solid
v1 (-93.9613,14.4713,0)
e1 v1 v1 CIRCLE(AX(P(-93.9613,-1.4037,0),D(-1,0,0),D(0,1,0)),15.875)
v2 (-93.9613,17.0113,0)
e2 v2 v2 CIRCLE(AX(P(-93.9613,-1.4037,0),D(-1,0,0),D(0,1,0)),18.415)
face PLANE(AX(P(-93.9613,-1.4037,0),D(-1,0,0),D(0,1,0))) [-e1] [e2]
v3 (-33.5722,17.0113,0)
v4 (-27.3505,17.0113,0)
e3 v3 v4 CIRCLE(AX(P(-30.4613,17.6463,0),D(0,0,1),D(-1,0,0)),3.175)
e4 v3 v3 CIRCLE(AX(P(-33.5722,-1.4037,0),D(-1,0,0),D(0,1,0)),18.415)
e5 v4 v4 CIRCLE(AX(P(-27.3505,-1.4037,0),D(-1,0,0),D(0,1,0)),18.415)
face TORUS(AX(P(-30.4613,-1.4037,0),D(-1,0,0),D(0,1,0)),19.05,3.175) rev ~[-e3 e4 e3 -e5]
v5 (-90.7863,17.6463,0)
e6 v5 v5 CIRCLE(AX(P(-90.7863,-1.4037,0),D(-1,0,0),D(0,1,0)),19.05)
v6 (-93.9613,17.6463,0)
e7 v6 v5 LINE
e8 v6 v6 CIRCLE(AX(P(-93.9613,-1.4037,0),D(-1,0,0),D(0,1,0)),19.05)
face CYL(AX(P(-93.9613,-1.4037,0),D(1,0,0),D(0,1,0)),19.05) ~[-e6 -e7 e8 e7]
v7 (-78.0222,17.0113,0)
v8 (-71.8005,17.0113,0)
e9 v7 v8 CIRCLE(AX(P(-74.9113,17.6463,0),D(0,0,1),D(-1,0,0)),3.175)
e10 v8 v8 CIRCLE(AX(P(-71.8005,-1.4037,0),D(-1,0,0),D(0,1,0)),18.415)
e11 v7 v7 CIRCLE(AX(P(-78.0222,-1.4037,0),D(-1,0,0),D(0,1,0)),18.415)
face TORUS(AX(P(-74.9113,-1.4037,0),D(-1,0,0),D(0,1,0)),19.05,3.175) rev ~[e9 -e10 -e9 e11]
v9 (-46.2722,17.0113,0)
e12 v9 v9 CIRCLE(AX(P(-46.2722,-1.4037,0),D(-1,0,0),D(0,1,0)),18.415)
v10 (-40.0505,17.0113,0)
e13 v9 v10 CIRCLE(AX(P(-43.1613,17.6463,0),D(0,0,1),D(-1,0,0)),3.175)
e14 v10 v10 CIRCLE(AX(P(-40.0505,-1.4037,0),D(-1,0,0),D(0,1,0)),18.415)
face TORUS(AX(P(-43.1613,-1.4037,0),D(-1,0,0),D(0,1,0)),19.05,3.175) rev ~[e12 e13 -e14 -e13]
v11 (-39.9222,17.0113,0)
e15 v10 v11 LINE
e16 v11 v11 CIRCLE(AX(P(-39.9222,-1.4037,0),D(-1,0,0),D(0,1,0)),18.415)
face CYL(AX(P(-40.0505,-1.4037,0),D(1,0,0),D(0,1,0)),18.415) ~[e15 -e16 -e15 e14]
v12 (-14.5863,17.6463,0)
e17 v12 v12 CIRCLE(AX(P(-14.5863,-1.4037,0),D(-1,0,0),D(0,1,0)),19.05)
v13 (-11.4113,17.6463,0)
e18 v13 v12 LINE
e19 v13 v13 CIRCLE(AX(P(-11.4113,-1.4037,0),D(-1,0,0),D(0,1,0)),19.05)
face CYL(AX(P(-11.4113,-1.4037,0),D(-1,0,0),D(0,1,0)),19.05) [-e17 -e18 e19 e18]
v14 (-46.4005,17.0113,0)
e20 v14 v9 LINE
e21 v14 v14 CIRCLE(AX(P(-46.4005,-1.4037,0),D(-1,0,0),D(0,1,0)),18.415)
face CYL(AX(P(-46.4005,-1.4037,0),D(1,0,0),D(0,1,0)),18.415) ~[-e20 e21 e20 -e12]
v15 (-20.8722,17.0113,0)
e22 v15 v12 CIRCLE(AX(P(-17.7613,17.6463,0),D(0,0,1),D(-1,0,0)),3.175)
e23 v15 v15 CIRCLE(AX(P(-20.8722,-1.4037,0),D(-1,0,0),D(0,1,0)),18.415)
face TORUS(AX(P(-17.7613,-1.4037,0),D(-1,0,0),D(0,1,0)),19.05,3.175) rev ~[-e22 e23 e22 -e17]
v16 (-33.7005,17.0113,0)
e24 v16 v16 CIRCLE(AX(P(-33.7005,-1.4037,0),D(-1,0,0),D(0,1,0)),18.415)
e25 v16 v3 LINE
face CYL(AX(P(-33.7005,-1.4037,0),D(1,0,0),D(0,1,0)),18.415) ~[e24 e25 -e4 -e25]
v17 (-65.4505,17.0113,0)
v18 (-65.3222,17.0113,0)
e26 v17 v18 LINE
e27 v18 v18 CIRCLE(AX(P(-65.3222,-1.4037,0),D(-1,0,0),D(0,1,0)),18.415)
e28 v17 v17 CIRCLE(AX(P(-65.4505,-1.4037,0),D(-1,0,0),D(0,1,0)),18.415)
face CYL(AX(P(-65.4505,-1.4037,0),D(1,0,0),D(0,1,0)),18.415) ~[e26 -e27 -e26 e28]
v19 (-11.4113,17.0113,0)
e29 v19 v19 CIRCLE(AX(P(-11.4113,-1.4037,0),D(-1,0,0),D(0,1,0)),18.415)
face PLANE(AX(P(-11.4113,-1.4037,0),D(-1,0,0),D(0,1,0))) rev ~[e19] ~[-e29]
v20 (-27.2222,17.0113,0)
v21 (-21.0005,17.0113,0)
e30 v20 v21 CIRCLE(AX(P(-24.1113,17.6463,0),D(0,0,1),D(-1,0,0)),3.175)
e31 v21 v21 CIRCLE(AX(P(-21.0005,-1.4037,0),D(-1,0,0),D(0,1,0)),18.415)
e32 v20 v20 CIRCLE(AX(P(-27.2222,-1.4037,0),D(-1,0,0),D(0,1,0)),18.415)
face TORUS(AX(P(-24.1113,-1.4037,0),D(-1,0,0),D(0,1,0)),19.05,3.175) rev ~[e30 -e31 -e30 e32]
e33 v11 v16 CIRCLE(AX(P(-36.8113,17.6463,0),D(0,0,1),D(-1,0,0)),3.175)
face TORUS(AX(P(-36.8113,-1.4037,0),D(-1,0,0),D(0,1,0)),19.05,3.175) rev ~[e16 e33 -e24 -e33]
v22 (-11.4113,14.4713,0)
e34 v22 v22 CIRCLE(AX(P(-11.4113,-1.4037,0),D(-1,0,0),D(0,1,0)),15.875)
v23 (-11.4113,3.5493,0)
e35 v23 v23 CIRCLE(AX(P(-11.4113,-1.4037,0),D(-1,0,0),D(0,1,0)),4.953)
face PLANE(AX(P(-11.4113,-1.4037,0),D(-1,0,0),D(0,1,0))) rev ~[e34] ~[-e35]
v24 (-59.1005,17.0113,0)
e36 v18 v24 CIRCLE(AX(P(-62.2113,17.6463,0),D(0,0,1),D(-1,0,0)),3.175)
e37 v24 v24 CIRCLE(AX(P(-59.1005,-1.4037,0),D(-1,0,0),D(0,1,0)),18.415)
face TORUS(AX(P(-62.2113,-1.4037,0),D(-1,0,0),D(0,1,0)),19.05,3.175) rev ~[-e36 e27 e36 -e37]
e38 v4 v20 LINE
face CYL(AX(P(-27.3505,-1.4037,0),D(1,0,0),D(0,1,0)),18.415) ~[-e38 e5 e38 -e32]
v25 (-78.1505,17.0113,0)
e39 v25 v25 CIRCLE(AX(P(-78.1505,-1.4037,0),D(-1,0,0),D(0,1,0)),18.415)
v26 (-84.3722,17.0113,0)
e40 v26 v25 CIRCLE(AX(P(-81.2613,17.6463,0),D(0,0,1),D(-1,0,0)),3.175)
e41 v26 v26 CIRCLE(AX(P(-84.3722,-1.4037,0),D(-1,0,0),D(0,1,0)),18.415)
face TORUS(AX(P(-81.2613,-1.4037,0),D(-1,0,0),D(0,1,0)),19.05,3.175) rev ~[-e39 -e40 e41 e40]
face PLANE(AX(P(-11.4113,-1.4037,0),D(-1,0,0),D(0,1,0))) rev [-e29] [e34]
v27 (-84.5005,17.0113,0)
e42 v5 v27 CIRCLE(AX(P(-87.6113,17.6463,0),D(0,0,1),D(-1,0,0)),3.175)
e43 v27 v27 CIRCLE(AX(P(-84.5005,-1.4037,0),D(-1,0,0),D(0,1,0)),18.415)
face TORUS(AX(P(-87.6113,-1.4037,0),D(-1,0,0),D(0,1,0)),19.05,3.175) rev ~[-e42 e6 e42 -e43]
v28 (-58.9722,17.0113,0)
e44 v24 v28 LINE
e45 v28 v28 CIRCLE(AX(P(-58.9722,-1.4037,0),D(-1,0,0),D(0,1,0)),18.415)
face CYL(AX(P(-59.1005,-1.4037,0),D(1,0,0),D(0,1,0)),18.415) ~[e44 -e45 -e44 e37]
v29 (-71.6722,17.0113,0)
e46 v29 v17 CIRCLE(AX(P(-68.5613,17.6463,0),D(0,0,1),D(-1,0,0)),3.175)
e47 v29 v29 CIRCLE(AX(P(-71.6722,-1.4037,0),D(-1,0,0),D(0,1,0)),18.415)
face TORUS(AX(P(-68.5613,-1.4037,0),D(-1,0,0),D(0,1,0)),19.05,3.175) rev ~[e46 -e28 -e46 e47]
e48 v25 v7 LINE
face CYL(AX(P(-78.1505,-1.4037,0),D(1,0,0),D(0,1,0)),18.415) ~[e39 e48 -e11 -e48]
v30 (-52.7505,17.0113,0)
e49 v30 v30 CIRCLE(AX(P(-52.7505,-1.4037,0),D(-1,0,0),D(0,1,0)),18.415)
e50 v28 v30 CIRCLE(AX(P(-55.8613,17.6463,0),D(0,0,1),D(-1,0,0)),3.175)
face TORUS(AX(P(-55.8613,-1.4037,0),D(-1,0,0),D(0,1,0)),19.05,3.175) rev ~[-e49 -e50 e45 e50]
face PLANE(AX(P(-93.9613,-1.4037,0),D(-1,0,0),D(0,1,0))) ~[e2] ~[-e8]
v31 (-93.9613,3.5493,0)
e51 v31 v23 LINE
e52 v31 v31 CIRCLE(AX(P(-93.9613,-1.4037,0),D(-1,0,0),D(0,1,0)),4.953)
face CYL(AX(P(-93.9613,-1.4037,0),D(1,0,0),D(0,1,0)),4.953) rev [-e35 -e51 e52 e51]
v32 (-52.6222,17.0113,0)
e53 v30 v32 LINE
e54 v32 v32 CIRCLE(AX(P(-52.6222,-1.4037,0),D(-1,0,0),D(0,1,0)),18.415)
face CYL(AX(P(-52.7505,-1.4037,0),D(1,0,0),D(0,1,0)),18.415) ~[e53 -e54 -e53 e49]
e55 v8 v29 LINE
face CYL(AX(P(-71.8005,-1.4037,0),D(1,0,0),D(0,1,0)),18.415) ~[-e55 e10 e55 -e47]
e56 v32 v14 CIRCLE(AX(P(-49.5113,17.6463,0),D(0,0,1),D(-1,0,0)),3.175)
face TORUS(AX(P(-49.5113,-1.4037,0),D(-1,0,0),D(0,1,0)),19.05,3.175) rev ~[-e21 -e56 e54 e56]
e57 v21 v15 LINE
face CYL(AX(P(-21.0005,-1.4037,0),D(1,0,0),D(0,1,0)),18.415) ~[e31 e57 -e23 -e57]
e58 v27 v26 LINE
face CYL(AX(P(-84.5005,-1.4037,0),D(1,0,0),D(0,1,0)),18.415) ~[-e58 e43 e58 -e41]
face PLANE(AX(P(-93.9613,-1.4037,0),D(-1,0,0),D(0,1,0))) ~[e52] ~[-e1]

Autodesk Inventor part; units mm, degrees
ref_plane "YZ Plane" through (0, 0, 0) normal (1, 0, 0) x (0, 1, 0)
ref_plane "XZ Plane" through (0, 0, 0) normal (0, 1, 0) x (-1, 0, 0)
ref_plane "XY Plane" through (0, 0, 0) normal (0, 0, 1) x (1, 0, 0)
sketch "Sketch1" plane through (0, 0, 0) normal (0, 0, 1) x (1, 0, 0)
  line L0 (-11.4113, -1.4037) -> (-93.9613, -1.4037)
  line L1 (-93.9613, -1.4037) -> (-93.9613, 17.6463)
  line L2 (-11.4113, 17.6463) -> (-11.4113, -1.4037)
  line L3 (-11.4113, 17.6463) -> (-14.5863, 17.6463)
  arc A0 (-20.9363, 17.6463) -> (-14.5863, 17.6463) centre (-17.7613, 17.6463) ccw
  arc A1 (-27.2863, 17.6463) -> (-20.9363, 17.6463) centre (-24.1113, 17.6463) ccw
  arc A2 (-33.6363, 17.6463) -> (-27.2863, 17.6463) centre (-30.4613, 17.6463) ccw
  arc A3 (-39.9863, 17.6463) -> (-33.6363, 17.6463) centre (-36.8113, 17.6463) ccw
  arc A4 (-46.3363, 17.6463) -> (-39.9863, 17.6463) centre (-43.1613, 17.6463) ccw
  arc A5 (-52.6863, 17.6463) -> (-46.3363, 17.6463) centre (-49.5113, 17.6463) ccw
  arc A6 (-59.0363, 17.6463) -> (-52.6863, 17.6463) centre (-55.8613, 17.6463) ccw
  line L4 (-93.9613, 17.6463) -> (-90.7863, 17.6463)
  arc A7 (-65.3863, 17.6463) -> (-59.0363, 17.6463) centre (-62.2113, 17.6463) ccw
  arc A8 (-90.7863, 17.6463) -> (-84.4363, 17.6463) centre (-87.6113, 17.6463) ccw
  line L5 (-11.4113, -1.4037) -> (-93.9613, -1.4037)
  line L6 (-93.9613, -1.4037) -> (-93.9613, 3.5493)
  line L7 (-93.9613, 3.5493) -> (-11.4113, 3.5493)
  line L8 (-11.4113, 3.5493) -> (-11.4113, -1.4037)
  line L9 (-11.4113, -1.4037) -> (-11.4113, 3.5493)
  line L10 (-93.9613, -1.4037) -> (-93.9613, 3.5493)
  line L11 (-11.4113, 3.5493) -> (-93.9613, 3.5493)
  line L12 (-93.9613, -1.4037) -> (-11.4113, -1.4037)
  arc A9 (-71.7363, 17.6463) -> (-65.3863, 17.6463) centre (-68.5613, 17.6463) ccw
  arc A10 (-78.0863, 17.6463) -> (-71.7363, 17.6463) centre (-74.9113, 17.6463) ccw
  arc A11 (-84.4363, 17.6463) -> (-78.0863, 17.6463) centre (-81.2613, 17.6463) ccw
  line L13 (-11.4113, 17.6463) -> (-11.4113, 3.5493)
  line L14 (-93.9613, 3.5493) -> (-93.9613, 17.6463)
  line L15 (-93.9613, 17.6463) -> (-90.7863, 17.6463)
  line L16 (-90.7863, 17.6463) -> (-90.7863, 17.0113)
  line L17 (-90.7863, 17.0113) -> (-14.5863, 17.0113) construction
  line L18 (-14.5863, 17.0113) -> (-14.5863, 17.6463)
  line L19 (-11.4113, 14.4713) -> (-11.4113, 17.0113)
  line L20 (-93.9613, 17.0113) -> (-93.9613, 14.4713)
  line L21 (-84.5005, 17.0113) -> (-84.3722, 17.0113)
  line L22 (-78.1505, 17.0113) -> (-78.0222, 17.0113)
  line L23 (-71.8005, 17.0113) -> (-71.6722, 17.0113)
  line L24 (-65.4505, 17.0113) -> (-65.3222, 17.0113)
  line L25 (-59.1005, 17.0113) -> (-58.9722, 17.0113)
  line L26 (-52.7505, 17.0113) -> (-52.6222, 17.0113)
  line L27 (-46.4005, 17.0113) -> (-46.2722, 17.0113)
  line L28 (-40.0505, 17.0113) -> (-39.9222, 17.0113)
  line L29 (-33.7005, 17.0113) -> (-33.5722, 17.0113)
  line L30 (-27.3505, 17.0113) -> (-27.2222, 17.0113)
  line L31 (-21.0005, 17.0113) -> (-20.8722, 17.0113)
  dimension "d33" = 19.05
  dimension "d34" = 82.55
  dimension "d35" = 3.175
  dimension "d40" = 3.175
  dimension "d43" = 3.175
  dimension "d44" = 3.175
  dimension "d46" = 3.175
  dimension "d47" = 3.175
  dimension "d56" = 3.175
  dimension "d59" = 3.175
  dimension "d60" = 90
  dimension "d63" = 3.175
  dimension "d70" = 3.175
  dimension "d71" = 0
  dimension "d72" = 4.953
  dimension "d73" = 3.175
  dimension "d75" = 3.175
  dimension "d76" = 3.175
  dimension "d77" = 0.635
  dimension "d78" = 3.175
  dimension "d79" = 90
revolve "Revolution3" add sketch "Sketch1" angle 360 about axis through (-11.4113, -1.4037, 0) along (-1, 0, 0) contours L7 L1 L4 A8 L21 A11 L22 A10 L23 A9 L24 A7 L25 A6 L26 A5 L27 A4 L28 A3 L29 A2 L30 A1 L31 A0 L3 L2
equation "\"d43\" = d40"
equation "\"d44\" = d40"
equation "\"d46\" = d40"
equation "\"d47\" = d46"
equation "\"d56\" = d40"
equation "\"d59\" = d40"
equation "\"d63\" = d40"
equation "\"d73\" = d40"
equation "\"d75\" = d73"
equation "\"d76\" = d75"
properties part number "Polycord conveyor2"
